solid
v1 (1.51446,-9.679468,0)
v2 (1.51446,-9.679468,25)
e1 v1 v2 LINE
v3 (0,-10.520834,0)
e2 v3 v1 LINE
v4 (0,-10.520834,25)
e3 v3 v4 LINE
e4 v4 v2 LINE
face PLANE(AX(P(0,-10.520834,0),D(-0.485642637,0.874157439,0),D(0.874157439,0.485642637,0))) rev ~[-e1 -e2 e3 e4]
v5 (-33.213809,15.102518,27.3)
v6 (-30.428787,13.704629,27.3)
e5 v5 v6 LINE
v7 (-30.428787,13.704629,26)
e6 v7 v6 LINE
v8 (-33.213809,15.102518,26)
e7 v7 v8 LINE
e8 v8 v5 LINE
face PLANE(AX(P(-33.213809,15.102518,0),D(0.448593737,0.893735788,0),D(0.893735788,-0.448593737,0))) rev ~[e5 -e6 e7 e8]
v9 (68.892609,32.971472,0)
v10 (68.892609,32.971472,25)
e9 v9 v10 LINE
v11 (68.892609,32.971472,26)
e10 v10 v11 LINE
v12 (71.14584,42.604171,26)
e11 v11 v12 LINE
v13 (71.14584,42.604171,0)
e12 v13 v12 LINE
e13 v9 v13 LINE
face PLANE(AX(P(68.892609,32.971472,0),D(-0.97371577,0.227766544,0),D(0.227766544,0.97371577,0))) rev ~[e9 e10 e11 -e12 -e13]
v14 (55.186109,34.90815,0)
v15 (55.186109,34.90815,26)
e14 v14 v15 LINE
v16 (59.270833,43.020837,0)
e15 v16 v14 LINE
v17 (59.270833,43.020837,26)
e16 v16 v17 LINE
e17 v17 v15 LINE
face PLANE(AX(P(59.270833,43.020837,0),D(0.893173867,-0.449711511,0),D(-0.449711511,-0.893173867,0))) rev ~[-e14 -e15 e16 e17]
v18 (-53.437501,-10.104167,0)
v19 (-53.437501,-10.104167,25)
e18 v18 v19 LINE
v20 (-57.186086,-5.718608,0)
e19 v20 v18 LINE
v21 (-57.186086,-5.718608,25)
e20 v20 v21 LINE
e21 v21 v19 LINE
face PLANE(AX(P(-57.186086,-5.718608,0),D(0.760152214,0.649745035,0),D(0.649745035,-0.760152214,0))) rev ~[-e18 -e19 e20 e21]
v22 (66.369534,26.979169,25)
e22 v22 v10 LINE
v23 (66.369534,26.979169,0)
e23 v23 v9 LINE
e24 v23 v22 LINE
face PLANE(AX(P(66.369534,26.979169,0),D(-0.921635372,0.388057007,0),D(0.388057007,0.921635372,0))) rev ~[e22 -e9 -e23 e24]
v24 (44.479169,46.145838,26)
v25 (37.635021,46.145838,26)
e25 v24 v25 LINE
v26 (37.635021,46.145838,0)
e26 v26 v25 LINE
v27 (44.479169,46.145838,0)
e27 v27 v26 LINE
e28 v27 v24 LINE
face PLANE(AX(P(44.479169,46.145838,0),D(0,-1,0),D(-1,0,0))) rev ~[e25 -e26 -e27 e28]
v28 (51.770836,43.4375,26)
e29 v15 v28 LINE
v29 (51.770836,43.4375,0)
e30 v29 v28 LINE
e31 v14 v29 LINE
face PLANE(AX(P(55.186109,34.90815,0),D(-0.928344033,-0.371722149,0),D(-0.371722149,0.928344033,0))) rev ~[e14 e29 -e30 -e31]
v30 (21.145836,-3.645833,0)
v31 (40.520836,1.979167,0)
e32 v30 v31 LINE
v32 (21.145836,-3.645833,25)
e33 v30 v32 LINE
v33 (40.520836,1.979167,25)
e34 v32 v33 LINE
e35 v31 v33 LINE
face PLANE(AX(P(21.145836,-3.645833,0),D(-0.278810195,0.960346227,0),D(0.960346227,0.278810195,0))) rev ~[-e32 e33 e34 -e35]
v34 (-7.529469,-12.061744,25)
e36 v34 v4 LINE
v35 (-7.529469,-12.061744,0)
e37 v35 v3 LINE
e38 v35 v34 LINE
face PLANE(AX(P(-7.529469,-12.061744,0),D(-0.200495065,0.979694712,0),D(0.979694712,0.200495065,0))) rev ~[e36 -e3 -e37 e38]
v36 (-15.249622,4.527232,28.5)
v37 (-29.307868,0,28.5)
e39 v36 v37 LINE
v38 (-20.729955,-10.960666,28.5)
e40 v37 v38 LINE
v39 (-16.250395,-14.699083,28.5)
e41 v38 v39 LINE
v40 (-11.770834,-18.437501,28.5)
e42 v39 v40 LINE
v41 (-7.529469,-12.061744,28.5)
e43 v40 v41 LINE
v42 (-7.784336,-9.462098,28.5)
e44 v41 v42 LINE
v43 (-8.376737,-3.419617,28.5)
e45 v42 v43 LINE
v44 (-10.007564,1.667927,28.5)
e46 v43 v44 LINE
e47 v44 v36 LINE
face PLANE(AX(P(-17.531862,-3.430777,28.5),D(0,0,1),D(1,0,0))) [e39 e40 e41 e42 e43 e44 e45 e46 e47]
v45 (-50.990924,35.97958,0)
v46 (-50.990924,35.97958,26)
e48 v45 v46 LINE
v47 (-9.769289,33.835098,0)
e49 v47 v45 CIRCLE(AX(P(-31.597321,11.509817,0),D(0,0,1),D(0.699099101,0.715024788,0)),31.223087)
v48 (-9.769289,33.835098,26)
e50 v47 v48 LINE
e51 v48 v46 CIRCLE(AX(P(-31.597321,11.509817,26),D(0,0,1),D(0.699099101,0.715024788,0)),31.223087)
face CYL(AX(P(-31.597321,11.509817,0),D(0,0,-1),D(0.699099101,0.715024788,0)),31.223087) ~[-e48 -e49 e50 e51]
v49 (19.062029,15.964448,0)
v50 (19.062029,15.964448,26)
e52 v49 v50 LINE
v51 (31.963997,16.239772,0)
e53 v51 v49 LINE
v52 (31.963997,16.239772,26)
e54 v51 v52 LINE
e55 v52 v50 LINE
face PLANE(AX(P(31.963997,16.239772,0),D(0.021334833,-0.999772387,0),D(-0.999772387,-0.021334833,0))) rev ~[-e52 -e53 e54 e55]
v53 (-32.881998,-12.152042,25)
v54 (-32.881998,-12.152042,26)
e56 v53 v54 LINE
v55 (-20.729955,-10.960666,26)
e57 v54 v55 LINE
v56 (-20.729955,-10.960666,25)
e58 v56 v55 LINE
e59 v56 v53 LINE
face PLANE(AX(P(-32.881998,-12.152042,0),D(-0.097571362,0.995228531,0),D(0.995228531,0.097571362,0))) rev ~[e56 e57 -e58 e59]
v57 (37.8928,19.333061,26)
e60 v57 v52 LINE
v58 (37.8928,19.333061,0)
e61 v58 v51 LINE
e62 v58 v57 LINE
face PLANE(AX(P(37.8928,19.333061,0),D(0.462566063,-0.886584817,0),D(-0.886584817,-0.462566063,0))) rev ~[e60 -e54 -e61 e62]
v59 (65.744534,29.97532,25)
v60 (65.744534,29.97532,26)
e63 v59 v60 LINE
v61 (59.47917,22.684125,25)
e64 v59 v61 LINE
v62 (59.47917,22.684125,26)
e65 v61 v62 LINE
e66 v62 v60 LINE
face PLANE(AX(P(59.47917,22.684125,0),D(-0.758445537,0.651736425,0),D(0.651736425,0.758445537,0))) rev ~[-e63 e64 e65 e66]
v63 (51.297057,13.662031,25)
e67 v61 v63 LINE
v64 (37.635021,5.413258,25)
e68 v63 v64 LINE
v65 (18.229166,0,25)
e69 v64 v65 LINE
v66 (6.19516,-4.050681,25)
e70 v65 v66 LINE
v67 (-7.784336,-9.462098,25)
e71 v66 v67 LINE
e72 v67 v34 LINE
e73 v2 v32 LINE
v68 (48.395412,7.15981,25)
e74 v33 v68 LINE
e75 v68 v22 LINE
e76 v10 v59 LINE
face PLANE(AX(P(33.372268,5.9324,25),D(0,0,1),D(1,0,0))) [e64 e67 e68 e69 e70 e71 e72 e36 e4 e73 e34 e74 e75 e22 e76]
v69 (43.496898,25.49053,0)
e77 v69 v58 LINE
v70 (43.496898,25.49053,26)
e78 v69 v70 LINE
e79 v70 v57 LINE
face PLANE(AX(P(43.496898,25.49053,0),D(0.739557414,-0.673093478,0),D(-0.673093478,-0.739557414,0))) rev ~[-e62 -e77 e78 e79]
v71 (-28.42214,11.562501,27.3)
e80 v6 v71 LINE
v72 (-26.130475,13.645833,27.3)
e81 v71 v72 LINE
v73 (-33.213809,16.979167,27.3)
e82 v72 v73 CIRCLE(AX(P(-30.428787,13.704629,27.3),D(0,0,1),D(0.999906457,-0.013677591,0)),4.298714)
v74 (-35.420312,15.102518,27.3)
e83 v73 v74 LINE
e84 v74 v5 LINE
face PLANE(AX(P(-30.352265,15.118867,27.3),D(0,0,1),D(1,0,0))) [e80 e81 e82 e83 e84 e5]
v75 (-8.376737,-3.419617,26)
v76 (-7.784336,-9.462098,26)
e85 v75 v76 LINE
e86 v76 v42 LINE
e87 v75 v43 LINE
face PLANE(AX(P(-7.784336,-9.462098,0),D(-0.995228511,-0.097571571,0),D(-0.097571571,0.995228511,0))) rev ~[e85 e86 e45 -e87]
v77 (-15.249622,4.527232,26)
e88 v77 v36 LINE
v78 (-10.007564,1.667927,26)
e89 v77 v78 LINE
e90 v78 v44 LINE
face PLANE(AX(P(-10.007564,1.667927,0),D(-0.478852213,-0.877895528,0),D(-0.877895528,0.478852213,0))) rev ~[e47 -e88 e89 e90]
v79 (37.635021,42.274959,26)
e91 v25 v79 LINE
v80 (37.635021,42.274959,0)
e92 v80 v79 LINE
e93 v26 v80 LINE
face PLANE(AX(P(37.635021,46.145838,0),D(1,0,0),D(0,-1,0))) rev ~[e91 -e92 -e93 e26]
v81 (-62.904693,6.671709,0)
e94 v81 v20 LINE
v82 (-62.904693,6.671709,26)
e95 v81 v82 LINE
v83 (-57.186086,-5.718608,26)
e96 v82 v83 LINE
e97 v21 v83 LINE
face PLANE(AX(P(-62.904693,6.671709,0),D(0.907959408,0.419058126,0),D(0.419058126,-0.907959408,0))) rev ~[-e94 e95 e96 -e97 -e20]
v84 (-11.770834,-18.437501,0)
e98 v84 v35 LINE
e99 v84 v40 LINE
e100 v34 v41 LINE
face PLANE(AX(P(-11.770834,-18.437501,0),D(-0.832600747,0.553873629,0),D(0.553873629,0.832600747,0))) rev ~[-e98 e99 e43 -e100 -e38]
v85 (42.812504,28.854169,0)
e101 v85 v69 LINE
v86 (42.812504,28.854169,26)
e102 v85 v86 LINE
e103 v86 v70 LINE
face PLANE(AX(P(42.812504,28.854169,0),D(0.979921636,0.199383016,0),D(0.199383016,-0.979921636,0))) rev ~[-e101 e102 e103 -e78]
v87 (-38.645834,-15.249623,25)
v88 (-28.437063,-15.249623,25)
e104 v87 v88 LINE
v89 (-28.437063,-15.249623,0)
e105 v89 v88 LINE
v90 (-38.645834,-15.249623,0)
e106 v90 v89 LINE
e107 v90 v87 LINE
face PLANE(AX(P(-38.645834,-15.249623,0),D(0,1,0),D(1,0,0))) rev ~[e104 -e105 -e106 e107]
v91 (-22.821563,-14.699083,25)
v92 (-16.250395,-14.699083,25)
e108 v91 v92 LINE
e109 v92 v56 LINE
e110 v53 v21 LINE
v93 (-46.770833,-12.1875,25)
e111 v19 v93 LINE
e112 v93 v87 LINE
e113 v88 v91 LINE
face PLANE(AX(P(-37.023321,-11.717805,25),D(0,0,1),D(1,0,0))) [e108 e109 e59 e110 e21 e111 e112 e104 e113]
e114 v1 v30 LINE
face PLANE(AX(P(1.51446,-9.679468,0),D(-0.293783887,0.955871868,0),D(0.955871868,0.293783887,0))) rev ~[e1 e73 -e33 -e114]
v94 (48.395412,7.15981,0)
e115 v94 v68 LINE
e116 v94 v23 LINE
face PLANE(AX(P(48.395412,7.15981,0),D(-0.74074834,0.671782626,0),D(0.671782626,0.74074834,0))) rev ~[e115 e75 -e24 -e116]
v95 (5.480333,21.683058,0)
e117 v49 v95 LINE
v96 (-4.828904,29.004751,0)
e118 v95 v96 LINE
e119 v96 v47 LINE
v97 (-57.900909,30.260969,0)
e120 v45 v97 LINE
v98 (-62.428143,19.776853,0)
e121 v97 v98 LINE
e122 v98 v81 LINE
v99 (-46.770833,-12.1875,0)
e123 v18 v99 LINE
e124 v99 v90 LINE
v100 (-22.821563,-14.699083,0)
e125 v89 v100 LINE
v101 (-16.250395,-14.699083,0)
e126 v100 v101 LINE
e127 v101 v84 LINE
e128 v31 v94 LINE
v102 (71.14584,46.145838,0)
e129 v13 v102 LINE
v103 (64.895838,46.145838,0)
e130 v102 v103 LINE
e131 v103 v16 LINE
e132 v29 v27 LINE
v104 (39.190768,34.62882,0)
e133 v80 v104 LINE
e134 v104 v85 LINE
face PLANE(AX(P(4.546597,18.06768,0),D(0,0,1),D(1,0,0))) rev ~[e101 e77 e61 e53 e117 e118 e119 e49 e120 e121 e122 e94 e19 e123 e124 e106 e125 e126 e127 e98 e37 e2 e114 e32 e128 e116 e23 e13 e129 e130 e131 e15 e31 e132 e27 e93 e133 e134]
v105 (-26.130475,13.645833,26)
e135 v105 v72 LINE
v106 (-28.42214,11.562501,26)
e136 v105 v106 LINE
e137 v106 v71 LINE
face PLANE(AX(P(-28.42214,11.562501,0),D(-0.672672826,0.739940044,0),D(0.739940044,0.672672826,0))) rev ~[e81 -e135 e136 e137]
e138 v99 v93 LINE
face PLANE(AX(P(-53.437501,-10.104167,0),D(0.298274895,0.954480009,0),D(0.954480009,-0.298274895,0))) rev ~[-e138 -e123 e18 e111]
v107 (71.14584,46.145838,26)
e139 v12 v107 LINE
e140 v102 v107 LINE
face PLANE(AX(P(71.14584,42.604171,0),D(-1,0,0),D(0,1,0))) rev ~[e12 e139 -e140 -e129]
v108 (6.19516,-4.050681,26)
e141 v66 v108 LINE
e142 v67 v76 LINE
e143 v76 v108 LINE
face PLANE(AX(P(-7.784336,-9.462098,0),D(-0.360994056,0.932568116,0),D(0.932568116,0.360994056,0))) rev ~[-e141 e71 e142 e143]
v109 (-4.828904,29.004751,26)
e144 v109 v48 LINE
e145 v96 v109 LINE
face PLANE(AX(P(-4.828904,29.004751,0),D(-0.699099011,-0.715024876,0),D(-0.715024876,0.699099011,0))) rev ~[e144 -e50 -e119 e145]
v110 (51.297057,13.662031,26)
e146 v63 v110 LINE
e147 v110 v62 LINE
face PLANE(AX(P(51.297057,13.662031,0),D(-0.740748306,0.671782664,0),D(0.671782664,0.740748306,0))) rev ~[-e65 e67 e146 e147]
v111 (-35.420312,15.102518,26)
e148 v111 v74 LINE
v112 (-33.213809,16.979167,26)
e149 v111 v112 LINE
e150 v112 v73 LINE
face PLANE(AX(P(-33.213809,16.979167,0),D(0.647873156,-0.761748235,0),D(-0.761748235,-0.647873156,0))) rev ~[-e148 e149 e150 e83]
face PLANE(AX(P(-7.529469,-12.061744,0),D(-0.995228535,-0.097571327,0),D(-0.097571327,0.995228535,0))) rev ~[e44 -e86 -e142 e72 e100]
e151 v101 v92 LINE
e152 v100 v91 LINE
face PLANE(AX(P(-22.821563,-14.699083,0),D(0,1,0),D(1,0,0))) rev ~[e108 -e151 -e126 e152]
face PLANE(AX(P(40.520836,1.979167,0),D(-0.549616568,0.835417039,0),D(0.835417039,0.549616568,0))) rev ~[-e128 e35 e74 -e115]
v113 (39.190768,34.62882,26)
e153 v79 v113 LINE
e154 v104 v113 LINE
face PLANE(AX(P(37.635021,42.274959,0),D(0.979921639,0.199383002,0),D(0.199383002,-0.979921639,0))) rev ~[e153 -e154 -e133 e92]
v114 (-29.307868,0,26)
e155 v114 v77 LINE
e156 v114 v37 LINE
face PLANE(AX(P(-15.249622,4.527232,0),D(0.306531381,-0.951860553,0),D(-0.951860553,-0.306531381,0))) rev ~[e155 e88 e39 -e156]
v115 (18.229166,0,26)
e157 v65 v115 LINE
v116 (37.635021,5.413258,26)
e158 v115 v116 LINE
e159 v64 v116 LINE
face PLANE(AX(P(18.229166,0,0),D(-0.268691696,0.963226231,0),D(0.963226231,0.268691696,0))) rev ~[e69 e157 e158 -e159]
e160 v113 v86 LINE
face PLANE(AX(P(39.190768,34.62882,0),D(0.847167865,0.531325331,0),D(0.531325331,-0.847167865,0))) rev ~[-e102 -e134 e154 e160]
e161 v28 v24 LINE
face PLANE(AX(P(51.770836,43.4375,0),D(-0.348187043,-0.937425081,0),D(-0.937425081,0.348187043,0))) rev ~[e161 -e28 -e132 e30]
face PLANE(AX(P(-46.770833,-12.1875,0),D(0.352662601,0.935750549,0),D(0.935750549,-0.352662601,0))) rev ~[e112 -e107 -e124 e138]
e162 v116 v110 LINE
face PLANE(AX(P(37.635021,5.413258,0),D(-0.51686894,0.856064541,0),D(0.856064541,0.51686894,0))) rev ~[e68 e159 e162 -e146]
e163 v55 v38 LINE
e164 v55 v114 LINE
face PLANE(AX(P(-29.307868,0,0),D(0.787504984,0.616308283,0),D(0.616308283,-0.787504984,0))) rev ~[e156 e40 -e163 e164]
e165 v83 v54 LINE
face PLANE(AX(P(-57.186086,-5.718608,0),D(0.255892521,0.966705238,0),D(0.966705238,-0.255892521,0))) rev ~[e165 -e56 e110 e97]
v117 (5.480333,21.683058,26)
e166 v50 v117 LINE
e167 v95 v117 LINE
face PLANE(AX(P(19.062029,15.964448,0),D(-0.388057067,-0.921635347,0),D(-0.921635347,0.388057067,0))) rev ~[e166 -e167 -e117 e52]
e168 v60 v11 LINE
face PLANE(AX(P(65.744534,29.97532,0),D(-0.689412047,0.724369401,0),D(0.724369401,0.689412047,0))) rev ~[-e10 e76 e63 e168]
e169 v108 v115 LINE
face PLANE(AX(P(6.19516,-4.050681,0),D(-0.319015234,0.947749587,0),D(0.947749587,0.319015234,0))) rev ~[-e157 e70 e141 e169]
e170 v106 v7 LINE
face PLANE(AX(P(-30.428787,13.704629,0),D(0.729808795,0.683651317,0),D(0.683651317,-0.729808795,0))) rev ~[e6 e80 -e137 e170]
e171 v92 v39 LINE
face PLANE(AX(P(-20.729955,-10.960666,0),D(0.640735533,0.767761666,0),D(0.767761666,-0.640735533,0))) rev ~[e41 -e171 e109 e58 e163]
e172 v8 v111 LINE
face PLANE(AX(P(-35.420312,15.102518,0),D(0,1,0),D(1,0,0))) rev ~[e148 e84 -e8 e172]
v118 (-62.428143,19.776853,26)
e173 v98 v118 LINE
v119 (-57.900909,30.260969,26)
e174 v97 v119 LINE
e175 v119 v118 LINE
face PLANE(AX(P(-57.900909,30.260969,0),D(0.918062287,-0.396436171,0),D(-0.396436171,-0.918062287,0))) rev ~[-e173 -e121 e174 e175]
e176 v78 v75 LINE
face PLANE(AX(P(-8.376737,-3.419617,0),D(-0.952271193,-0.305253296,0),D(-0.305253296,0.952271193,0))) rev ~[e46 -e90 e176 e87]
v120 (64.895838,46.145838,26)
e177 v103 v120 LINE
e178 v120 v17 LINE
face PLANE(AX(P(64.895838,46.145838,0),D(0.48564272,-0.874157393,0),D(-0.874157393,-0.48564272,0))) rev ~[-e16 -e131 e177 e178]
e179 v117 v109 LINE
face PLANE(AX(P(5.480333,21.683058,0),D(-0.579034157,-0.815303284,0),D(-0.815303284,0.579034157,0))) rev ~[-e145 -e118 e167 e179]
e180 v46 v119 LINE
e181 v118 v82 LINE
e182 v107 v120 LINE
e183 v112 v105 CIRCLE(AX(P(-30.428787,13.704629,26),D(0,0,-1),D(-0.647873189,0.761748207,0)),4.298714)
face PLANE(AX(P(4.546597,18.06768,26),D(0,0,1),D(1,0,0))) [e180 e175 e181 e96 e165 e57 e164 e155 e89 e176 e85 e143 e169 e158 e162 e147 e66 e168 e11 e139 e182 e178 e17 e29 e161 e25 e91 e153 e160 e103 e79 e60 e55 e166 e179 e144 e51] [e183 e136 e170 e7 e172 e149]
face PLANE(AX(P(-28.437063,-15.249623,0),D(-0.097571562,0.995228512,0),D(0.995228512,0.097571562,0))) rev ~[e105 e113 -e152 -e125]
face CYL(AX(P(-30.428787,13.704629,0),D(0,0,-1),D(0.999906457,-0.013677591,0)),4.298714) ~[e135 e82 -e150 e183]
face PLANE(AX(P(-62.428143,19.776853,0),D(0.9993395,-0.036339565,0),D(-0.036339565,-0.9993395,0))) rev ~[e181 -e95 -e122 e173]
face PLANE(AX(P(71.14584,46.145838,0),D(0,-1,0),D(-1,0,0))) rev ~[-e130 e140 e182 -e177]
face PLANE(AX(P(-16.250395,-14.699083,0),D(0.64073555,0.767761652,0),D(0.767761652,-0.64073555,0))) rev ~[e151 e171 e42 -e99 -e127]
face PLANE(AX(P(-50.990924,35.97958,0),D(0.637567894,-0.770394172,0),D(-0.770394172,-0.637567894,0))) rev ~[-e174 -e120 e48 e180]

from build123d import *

# Parameters (mm, degrees)
F1_DEPTH = 28.5
F2_DEPTH = 25
F3_DEPTH = 25
F4_DEPTH = 26
F5_DEPTH = 27.3


with BuildPart() as f1:
    # F0 (on Top) → F1 (new body)
    with BuildSketch(Plane.XY):
        Polygon((-29.307868, 0), (-20.729955, -10.960666), (-8.577912, -9.769289), (-7.784336, -9.462098), (-8.376737, -3.419617), (-10.007564, 1.667927), (-15.249622, 4.527232), align=None)
        Polygon((-8.577912, -9.769289), (-20.729955, -10.960666), (-16.250395, -14.699083), (-11.770834, -18.437501), (-7.529469, -12.061744), (-7.784336, -9.462098), align=None)
    extrude(amount=F1_DEPTH)

    # F0 (on Top) → F2 (join)
    with BuildSketch(Plane.XY):
        Polygon((-32.881998, -12.152042), (-57.186086, -5.718608), (-53.437501, -10.104167), (-46.770833, -12.1875), (-38.645834, -15.249623), (-28.437063, -15.249623), (-22.821563, -14.699083), (-16.250395, -14.699083), (-20.729955, -10.960666), align=None)
    extrude(amount=F2_DEPTH)

    # F0 (on Top) → F3 (join)
    with BuildSketch(Plane.XY):
        Polygon((6.19516, -4.050681), (-7.784336, -9.462098), (-7.529469, -12.061744), (0, -10.520834), (1.51446, -9.679468), (21.145836, -3.645833), (40.520836, 1.979167), (48.395412, 7.15981), (66.369534, 26.979169), (68.892609, 32.971472), (65.744534, 29.97532), (59.47917, 22.684125), (51.297057, 13.662031), (37.635021, 5.413258), (18.229166, 0), align=None)
    extrude(amount=F3_DEPTH)

    # F0 (on Top) → F4 (join)
    with BuildSketch(Plane.XY):
        with BuildLine():
            Line((-4.828904, 29.004751), (-9.769289, 33.835098))
            ThreePointArc((-9.769289, 33.835098), (-29.975189, 42.690738), (-50.990924, 35.97958))
            Line((-50.990924, 35.97958), (-57.900909, 30.260969))
            Line((-57.900909, 30.260969), (-62.428143, 19.776853))
            Line((-62.428143, 19.776853), (-62.904693, 6.671709))
            Line((-62.904693, 6.671709), (-57.186086, -5.718608))
            Line((-57.186086, -5.718608), (-32.881998, -12.152042))
            Line((-32.881998, -12.152042), (-20.729955, -10.960666))
            Line((-20.729955, -10.960666), (-29.307868, 0))
            Line((-29.307868, 0), (-15.249622, 4.527232))
            Line((-15.249622, 4.527232), (-10.007564, 1.667927))
            Line((-10.007564, 1.667927), (-8.376737, -3.419617))
            Line((-8.376737, -3.419617), (-7.784336, -9.462098))
            Line((-7.784336, -9.462098), (6.19516, -4.050681))
            Line((6.19516, -4.050681), (18.229166, 0))
            Line((18.229166, 0), (37.635021, 5.413258))
            Line((37.635021, 5.413258), (51.297057, 13.662031))
            Line((51.297057, 13.662031), (59.47917, 22.684125))
            Line((59.47917, 22.684125), (65.744534, 29.97532))
            Line((65.744534, 29.97532), (68.892609, 32.971472))
            Line((68.892609, 32.971472), (71.14584, 42.604171))
            Line((71.14584, 42.604171), (71.14584, 46.145838))
            Line((71.14584, 46.145838), (64.895838, 46.145838))
            Line((64.895838, 46.145838), (59.270833, 43.020837))
            Line((59.270833, 43.020837), (55.186109, 34.90815))
            Line((55.186109, 34.90815), (51.770836, 43.4375))
            Line((51.770836, 43.4375), (44.479169, 46.145838))
            Line((44.479169, 46.145838), (37.635021, 46.145838))
            Line((37.635021, 46.145838), (37.635021, 42.274959))
            Line((37.635021, 42.274959), (39.190768, 34.62882))
            Line((39.190768, 34.62882), (42.812504, 28.854169))
            Line((42.812504, 28.854169), (43.496898, 25.49053))
            Line((43.496898, 25.49053), (37.8928, 19.333061))
            Line((37.8928, 19.333061), (31.963997, 16.239772))
            Line((31.963997, 16.239772), (19.062029, 15.964448))
            Line((19.062029, 15.964448), (5.480333, 21.683058))
            Line((5.480333, 21.683058), (-4.828904, 29.004751))
        make_face()
        with BuildLine():
            ThreePointArc((-33.213809, 16.979167), (-28.598407, 17.594186), (-26.130475, 13.645833))
            Line((-26.130475, 13.645833), (-28.42214, 11.562501))
            Line((-28.42214, 11.562501), (-30.428787, 13.704629))
            Line((-30.428787, 13.704629), (-33.213809, 15.102518))
            Line((-33.213809, 15.102518), (-35.420312, 15.102518))
            Line((-35.420312, 15.102518), (-33.213809, 16.979167))
        make_face(mode=Mode.SUBTRACT)
    extrude(amount=F4_DEPTH)

    # F0 (on Top) → F5 (join)
    with BuildSketch(Plane.XY):
        with BuildLine():
            Line((-28.42214, 11.562501), (-26.130475, 13.645833))
            ThreePointArc((-26.130475, 13.645833), (-28.598407, 17.594186), (-33.213809, 16.979167))
            Line((-33.213809, 16.979167), (-35.420312, 15.102518))
            Line((-35.420312, 15.102518), (-33.213809, 15.102518))
            Line((-33.213809, 15.102518), (-30.428787, 13.704629))
            Line((-30.428787, 13.704629), (-28.42214, 11.562501))
        make_face()
    extrude(amount=F5_DEPTH)


solid = f1.part
